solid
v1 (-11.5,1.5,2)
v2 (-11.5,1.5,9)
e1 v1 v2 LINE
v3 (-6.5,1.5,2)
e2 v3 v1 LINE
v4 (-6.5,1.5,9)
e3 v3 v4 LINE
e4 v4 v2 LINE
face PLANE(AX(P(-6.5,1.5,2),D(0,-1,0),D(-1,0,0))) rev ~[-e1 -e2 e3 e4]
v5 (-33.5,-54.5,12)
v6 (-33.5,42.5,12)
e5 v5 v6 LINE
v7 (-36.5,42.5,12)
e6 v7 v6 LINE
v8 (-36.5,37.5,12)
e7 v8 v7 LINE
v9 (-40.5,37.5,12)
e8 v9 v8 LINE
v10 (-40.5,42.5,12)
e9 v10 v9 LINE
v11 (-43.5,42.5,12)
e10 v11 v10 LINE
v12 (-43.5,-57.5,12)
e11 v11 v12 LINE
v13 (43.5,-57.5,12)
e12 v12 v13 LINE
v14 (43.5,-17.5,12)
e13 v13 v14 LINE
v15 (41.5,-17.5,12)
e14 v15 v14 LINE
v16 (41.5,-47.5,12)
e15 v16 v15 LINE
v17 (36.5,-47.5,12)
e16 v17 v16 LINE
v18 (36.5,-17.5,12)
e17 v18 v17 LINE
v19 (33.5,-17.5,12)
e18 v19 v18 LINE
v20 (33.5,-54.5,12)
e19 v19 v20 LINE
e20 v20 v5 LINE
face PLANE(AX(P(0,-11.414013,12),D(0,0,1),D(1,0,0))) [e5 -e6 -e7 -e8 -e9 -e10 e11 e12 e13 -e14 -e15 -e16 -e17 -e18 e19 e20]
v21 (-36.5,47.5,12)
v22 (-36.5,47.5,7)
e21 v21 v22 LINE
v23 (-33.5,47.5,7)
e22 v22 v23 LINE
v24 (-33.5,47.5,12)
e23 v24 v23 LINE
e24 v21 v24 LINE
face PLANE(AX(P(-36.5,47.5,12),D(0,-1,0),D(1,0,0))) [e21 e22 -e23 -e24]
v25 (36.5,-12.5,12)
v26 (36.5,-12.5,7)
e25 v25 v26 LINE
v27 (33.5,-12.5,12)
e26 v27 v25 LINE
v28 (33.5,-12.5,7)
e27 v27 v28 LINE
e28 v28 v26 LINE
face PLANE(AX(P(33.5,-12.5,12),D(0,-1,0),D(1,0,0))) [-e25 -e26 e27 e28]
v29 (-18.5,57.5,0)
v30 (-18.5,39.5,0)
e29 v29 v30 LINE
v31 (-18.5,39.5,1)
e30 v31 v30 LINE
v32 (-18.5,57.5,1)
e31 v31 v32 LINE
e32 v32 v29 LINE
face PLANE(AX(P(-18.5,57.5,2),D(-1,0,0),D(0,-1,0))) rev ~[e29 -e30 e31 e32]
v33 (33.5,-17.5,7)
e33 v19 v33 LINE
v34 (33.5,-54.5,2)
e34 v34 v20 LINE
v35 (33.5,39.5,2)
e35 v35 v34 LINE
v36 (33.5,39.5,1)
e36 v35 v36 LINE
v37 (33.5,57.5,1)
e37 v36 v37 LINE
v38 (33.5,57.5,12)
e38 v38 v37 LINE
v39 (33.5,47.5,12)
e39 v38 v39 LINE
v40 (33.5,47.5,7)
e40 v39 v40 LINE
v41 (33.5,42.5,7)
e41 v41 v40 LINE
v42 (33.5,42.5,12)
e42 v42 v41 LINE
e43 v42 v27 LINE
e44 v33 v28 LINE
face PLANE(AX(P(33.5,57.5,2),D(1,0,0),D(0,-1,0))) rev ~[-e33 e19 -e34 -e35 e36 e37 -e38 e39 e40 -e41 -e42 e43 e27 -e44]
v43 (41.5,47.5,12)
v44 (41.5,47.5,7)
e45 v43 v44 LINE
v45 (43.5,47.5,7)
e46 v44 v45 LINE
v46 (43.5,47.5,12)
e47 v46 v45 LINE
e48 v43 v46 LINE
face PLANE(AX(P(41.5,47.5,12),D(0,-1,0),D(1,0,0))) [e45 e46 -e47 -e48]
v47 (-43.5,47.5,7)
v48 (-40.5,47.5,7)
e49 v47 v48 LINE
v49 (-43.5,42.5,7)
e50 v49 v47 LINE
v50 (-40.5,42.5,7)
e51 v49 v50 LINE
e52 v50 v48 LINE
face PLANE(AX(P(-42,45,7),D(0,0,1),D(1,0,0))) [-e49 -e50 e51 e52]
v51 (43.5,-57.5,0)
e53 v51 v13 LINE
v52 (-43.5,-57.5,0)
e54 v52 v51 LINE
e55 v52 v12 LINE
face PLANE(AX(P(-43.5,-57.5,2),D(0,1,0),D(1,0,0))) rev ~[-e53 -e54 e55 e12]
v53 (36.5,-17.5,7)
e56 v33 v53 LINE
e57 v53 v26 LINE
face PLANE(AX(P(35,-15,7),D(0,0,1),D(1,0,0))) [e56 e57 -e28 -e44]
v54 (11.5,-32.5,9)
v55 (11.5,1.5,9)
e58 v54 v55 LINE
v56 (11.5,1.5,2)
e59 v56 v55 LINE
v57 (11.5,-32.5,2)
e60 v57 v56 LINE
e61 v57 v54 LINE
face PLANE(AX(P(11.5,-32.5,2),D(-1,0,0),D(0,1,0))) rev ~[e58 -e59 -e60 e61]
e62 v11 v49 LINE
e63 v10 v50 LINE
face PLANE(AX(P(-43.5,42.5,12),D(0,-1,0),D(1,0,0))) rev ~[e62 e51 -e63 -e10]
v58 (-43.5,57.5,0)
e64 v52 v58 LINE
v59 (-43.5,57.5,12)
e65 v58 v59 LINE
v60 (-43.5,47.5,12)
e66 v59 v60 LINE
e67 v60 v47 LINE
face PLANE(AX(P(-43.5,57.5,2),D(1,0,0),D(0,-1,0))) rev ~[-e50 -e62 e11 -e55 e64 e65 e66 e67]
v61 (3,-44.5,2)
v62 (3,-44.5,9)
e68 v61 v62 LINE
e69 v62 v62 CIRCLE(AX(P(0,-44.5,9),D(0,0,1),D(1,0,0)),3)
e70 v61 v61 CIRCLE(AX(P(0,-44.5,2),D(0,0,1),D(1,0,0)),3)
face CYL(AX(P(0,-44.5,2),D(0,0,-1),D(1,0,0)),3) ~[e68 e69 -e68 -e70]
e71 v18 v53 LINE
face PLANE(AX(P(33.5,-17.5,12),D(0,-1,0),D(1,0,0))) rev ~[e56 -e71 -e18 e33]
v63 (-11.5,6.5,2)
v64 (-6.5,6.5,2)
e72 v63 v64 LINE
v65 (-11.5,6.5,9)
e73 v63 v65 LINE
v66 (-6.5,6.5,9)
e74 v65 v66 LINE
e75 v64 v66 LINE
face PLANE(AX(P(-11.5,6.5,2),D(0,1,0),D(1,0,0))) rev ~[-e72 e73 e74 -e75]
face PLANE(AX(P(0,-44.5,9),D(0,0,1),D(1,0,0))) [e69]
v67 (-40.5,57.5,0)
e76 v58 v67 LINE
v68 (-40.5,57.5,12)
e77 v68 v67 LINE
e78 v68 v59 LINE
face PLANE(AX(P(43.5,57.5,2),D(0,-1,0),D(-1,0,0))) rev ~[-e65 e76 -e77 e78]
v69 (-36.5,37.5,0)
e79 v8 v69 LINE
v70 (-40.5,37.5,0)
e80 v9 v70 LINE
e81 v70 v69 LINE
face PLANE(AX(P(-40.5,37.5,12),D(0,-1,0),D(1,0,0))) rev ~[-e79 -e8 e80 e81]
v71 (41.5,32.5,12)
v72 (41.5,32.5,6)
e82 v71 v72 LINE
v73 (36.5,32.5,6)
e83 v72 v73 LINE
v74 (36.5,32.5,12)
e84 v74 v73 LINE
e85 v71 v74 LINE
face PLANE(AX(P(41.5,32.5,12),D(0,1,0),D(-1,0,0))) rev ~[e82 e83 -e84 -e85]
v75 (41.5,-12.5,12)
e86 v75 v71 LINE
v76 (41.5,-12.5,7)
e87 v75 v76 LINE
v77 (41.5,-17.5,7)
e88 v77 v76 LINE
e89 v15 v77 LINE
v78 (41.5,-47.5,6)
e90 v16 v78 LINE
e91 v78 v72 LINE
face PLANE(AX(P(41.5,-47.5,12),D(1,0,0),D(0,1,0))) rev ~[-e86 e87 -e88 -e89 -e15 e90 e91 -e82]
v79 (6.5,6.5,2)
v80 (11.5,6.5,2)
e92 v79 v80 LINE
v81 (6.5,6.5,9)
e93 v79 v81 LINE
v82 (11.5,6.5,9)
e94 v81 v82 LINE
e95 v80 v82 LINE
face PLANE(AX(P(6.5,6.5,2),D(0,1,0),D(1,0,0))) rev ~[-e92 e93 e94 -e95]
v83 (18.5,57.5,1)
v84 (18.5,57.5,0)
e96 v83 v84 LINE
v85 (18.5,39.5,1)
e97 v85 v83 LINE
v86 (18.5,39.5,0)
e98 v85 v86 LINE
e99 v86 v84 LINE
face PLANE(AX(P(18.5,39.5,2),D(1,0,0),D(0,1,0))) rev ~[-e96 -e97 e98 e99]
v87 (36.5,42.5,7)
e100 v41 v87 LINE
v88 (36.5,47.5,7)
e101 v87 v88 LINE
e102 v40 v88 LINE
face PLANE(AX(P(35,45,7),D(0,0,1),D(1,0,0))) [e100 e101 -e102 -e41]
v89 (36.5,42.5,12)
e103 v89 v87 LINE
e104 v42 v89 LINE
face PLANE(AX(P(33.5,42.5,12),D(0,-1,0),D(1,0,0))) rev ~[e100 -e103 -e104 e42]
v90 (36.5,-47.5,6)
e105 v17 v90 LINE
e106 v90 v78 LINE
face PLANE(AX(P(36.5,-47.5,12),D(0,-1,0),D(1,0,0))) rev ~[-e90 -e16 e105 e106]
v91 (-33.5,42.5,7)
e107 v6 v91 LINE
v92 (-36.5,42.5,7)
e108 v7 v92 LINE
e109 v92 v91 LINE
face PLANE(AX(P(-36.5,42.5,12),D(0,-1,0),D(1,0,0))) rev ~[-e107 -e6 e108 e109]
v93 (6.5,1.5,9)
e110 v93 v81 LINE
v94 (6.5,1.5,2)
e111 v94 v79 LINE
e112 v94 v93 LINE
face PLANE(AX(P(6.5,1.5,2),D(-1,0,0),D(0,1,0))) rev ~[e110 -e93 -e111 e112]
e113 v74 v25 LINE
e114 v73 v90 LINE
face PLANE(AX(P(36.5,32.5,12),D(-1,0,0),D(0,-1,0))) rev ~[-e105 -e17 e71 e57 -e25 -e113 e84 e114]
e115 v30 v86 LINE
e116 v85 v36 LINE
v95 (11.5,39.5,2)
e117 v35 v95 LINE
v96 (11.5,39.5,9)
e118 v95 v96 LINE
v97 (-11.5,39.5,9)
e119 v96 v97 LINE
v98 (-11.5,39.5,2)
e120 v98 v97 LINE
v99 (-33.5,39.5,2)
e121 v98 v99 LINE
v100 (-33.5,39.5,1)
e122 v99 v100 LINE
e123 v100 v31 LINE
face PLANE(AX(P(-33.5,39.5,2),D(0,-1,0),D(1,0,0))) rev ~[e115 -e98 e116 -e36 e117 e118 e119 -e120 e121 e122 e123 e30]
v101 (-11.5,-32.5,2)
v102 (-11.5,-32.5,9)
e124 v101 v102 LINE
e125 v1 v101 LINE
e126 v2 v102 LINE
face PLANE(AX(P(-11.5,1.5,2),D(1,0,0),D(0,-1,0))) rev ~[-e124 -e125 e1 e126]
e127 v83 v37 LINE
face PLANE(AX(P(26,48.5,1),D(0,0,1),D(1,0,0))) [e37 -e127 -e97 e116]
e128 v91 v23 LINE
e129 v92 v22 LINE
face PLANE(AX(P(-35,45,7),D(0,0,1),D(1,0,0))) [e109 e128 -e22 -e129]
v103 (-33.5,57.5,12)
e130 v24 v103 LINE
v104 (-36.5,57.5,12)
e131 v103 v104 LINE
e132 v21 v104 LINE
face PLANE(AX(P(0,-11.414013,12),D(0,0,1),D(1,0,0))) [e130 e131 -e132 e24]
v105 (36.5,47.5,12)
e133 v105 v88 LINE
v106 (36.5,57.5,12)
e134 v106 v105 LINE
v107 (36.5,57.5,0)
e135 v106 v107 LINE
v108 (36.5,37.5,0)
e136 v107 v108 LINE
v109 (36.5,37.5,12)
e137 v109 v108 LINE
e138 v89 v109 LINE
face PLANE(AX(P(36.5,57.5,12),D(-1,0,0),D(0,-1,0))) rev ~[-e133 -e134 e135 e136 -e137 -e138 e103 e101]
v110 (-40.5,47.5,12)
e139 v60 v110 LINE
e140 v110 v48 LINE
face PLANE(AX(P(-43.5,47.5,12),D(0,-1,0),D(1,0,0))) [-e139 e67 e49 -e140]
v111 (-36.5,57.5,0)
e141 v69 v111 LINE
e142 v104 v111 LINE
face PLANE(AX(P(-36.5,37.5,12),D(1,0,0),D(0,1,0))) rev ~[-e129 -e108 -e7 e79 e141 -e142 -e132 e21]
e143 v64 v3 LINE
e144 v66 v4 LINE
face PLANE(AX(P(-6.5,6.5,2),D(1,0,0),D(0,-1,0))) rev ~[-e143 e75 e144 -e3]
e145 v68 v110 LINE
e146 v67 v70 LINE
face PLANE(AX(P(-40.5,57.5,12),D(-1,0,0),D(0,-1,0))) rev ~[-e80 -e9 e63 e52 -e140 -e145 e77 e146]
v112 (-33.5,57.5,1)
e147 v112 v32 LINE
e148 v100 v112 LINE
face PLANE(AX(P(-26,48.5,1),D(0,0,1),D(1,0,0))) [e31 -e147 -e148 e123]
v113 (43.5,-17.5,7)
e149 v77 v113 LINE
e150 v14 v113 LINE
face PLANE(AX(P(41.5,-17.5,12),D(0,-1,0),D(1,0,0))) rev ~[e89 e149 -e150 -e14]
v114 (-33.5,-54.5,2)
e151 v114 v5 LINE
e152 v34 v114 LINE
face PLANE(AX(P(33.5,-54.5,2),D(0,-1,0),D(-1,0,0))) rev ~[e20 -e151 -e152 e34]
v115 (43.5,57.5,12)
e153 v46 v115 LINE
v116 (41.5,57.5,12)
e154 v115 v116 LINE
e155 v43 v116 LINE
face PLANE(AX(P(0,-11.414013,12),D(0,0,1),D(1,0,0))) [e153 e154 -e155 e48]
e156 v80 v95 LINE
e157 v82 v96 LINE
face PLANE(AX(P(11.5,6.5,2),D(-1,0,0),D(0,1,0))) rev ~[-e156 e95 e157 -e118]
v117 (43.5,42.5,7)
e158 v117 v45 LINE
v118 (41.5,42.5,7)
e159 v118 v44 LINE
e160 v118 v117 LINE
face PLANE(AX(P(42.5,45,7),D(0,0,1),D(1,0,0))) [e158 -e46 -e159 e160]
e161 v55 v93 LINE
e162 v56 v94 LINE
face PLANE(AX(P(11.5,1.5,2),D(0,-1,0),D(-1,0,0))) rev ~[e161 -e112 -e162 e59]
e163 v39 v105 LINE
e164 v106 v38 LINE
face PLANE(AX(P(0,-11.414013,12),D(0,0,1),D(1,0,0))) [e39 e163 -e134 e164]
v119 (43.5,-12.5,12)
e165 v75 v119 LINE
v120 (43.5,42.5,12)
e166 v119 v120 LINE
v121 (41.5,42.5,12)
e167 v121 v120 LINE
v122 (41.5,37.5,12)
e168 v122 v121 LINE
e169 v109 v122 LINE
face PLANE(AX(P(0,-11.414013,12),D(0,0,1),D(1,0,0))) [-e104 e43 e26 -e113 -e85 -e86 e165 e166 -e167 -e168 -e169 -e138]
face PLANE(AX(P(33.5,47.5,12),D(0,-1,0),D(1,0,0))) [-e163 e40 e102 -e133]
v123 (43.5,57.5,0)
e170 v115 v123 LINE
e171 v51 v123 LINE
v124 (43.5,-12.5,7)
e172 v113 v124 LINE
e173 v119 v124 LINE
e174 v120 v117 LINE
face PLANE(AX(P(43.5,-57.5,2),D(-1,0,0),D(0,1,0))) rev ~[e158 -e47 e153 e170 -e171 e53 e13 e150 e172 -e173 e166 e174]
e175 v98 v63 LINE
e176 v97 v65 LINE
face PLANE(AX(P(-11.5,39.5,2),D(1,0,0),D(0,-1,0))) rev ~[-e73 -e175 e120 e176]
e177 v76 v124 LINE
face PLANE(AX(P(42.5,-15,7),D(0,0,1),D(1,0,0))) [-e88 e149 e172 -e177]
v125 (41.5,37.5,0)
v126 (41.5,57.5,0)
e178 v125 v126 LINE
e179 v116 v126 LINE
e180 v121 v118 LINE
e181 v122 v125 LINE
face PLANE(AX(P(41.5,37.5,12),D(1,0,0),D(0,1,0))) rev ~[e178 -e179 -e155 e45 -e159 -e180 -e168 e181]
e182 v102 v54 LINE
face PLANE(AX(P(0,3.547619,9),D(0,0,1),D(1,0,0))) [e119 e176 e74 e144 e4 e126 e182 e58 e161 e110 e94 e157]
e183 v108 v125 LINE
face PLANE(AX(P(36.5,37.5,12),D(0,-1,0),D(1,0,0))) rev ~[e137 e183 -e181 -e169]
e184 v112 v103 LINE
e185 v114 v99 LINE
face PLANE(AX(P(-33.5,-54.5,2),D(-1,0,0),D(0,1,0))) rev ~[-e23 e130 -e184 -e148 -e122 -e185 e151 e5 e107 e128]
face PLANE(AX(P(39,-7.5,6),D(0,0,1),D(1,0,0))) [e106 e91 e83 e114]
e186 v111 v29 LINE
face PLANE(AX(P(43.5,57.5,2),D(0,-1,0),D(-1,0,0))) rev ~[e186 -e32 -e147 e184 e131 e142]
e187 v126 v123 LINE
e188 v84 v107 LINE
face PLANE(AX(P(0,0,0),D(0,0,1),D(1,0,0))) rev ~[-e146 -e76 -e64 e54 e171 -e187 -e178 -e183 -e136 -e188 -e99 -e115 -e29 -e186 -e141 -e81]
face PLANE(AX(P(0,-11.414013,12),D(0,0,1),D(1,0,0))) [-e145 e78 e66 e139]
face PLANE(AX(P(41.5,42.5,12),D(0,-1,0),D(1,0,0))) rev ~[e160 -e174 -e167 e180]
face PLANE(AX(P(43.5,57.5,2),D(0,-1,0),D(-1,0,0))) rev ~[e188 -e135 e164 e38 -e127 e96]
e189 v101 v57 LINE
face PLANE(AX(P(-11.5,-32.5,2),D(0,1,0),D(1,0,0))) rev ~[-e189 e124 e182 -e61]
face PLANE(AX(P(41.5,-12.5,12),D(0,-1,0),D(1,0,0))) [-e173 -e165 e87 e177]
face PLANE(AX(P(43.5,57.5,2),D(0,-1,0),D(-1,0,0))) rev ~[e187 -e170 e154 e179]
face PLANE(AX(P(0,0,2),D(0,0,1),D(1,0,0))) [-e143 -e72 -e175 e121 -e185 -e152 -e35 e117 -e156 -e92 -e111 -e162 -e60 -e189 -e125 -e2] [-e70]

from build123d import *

# Parameters (mm, degrees)
F0_W      = 87
F0_H      = 115
F1_DEPTH  = 2
F3_DEPTH  = 10
F2_R      = 3
F4_DEPTH  = 7
F5_DEPTH  = 7
F7_DEPTH  = 25
F8_DEPTH  = 6
F6_W      = 5
F6_H      = 5.0000016391
F6_H_2    = 4.9999983609
F6_H_3    = 4.999999553
F6_H_4    = 5.000000447
F9_DEPTH  = 25
F6_W_2    = 3
F10_DEPTH = 5
F2_W      = 15
F2_H      = 18
F11_DEPTH = 1
F6_W_3    = 2
F12_DEPTH = 5
F6_H_5    = 4.9999998137
F13_DEPTH = 5


with BuildPart() as f1:
    # F0 (on Top) → F1 (new body)
    with BuildSketch(Plane.XY):
        Rectangle(F0_W, F0_H)
    extrude(amount=F1_DEPTH)

    # F2 (on face) → F3 (join)
    with BuildSketch(Plane.XY.offset(2)):
        Polygon((33.5, -54.5), (-33.5, -54.5), (-33.5, 39.5), (-33.5, 57.5), (-43.5, 57.5), (-43.5, -57.5), (43.5, -57.5), (43.5, 57.5), (33.5, 57.5), (33.5, 39.5), align=None)
    extrude(amount=F3_DEPTH)

    # F2 (on face) → F4 (join)
    with BuildSketch(Plane.XY.offset(2)):
        with Locations((0, -44.5)):
            Circle(F2_R)
    extrude(amount=F4_DEPTH)

    # F2 (on face) → F5 (join)
    with BuildSketch(Plane.XY.offset(2)):
        Polygon((11.5, 39.5), (-11.5, 39.5), (-11.5, 6.5), (-6.5, 6.5), (-6.5, 1.5), (-11.5, 1.5), (-11.5, -32.5), (11.5, -32.5), (11.5, 1.5), (6.5, 1.5), (6.5, 6.5), (11.5, 6.5), align=None)
    extrude(amount=F5_DEPTH)

    # F2 (on face) → F7 (cut)
    with BuildSketch(Plane.XY.offset(2)):
        Polygon((-18.5, 57.5), (-18.5, 39.5), (-11.5, 39.5), (11.5, 39.5), (18.5, 39.5), (18.5, 57.5), align=None)
    extrude(amount=-F7_DEPTH, mode=Mode.SUBTRACT)

    # F6 (on face) → F8 (cut)
    with BuildSketch(Plane.XY.offset(12)):
        Polygon((41.5, -12.5000001863), (41.5, 32.5), (36.5, 32.5), (36.5, -12.5000001863), (36.5, -17.5), (36.5, -47.5), (41.5, -47.5), (41.5, -17.5), align=None)
    extrude(amount=-F8_DEPTH, mode=Mode.SUBTRACT)

    # F6 (on face) → F9 (cut)
    with BuildSketch(Plane.XY.offset(12)):
        Polygon((-40.5, 47.5), (-40.5, 42.500000447), (-40.5, 37.5), (-36.5, 37.5), (-36.5, 42.500000447), (-36.5, 47.5), (-36.5, 57.5), (-40.5, 57.5), align=None)
        with Locations((39, 54.9999991804)):
            Rectangle(F6_W, F6_H)
        with Locations((39, 49.9999991804)):
            Rectangle(F6_W, F6_H_2)
        with Locations((39, 45.0000002235)):
            Rectangle(F6_W, F6_H_3)
        with Locations((39, 40.0000002235)):
            Rectangle(F6_W, F6_H_4)
    extrude(amount=-F9_DEPTH, mode=Mode.SUBTRACT)

    # F6 (on face) → F10 (cut)
    with BuildSketch(Plane.XY.offset(12)):
        with Locations((-42, 45.0000002235)):
            Rectangle(F6_W_2, F6_H_3)
        with Locations((-35, 45.0000002235)):
            Rectangle(F6_W_2, F6_H_3)
    extrude(amount=-F10_DEPTH, mode=Mode.SUBTRACT)

    # F2 (on face) → F11 (cut)
    with BuildSketch(Plane.XY.offset(2)):
        with Locations((-26, 48.5)):
            Rectangle(F2_W, F2_H)
        with Locations((26, 48.5)):
            Rectangle(F2_W, F2_H)
    extrude(amount=-F11_DEPTH, mode=Mode.SUBTRACT)

    # F6 (on face) → F12 (cut)
    with BuildSketch(Plane.XY.offset(12)):
        with Locations((35, 45.0000002235)):
            Rectangle(F6_W_2, F6_H_3)
        with Locations((42.5, 45.0000002235)):
            Rectangle(F6_W_3, F6_H_3)
    extrude(amount=-F12_DEPTH, mode=Mode.SUBTRACT)

    # F6 (on face) → F13 (cut)
    with BuildSketch(Plane.XY.offset(12)):
        with Locations((35, -15.0000000931)):
            Rectangle(F6_W_2, F6_H_5)
        with Locations((42.5, -15.0000000931)):
            Rectangle(F6_W_3, F6_H_5)
    extrude(amount=-F13_DEPTH, mode=Mode.SUBTRACT)


solid = f1.part
